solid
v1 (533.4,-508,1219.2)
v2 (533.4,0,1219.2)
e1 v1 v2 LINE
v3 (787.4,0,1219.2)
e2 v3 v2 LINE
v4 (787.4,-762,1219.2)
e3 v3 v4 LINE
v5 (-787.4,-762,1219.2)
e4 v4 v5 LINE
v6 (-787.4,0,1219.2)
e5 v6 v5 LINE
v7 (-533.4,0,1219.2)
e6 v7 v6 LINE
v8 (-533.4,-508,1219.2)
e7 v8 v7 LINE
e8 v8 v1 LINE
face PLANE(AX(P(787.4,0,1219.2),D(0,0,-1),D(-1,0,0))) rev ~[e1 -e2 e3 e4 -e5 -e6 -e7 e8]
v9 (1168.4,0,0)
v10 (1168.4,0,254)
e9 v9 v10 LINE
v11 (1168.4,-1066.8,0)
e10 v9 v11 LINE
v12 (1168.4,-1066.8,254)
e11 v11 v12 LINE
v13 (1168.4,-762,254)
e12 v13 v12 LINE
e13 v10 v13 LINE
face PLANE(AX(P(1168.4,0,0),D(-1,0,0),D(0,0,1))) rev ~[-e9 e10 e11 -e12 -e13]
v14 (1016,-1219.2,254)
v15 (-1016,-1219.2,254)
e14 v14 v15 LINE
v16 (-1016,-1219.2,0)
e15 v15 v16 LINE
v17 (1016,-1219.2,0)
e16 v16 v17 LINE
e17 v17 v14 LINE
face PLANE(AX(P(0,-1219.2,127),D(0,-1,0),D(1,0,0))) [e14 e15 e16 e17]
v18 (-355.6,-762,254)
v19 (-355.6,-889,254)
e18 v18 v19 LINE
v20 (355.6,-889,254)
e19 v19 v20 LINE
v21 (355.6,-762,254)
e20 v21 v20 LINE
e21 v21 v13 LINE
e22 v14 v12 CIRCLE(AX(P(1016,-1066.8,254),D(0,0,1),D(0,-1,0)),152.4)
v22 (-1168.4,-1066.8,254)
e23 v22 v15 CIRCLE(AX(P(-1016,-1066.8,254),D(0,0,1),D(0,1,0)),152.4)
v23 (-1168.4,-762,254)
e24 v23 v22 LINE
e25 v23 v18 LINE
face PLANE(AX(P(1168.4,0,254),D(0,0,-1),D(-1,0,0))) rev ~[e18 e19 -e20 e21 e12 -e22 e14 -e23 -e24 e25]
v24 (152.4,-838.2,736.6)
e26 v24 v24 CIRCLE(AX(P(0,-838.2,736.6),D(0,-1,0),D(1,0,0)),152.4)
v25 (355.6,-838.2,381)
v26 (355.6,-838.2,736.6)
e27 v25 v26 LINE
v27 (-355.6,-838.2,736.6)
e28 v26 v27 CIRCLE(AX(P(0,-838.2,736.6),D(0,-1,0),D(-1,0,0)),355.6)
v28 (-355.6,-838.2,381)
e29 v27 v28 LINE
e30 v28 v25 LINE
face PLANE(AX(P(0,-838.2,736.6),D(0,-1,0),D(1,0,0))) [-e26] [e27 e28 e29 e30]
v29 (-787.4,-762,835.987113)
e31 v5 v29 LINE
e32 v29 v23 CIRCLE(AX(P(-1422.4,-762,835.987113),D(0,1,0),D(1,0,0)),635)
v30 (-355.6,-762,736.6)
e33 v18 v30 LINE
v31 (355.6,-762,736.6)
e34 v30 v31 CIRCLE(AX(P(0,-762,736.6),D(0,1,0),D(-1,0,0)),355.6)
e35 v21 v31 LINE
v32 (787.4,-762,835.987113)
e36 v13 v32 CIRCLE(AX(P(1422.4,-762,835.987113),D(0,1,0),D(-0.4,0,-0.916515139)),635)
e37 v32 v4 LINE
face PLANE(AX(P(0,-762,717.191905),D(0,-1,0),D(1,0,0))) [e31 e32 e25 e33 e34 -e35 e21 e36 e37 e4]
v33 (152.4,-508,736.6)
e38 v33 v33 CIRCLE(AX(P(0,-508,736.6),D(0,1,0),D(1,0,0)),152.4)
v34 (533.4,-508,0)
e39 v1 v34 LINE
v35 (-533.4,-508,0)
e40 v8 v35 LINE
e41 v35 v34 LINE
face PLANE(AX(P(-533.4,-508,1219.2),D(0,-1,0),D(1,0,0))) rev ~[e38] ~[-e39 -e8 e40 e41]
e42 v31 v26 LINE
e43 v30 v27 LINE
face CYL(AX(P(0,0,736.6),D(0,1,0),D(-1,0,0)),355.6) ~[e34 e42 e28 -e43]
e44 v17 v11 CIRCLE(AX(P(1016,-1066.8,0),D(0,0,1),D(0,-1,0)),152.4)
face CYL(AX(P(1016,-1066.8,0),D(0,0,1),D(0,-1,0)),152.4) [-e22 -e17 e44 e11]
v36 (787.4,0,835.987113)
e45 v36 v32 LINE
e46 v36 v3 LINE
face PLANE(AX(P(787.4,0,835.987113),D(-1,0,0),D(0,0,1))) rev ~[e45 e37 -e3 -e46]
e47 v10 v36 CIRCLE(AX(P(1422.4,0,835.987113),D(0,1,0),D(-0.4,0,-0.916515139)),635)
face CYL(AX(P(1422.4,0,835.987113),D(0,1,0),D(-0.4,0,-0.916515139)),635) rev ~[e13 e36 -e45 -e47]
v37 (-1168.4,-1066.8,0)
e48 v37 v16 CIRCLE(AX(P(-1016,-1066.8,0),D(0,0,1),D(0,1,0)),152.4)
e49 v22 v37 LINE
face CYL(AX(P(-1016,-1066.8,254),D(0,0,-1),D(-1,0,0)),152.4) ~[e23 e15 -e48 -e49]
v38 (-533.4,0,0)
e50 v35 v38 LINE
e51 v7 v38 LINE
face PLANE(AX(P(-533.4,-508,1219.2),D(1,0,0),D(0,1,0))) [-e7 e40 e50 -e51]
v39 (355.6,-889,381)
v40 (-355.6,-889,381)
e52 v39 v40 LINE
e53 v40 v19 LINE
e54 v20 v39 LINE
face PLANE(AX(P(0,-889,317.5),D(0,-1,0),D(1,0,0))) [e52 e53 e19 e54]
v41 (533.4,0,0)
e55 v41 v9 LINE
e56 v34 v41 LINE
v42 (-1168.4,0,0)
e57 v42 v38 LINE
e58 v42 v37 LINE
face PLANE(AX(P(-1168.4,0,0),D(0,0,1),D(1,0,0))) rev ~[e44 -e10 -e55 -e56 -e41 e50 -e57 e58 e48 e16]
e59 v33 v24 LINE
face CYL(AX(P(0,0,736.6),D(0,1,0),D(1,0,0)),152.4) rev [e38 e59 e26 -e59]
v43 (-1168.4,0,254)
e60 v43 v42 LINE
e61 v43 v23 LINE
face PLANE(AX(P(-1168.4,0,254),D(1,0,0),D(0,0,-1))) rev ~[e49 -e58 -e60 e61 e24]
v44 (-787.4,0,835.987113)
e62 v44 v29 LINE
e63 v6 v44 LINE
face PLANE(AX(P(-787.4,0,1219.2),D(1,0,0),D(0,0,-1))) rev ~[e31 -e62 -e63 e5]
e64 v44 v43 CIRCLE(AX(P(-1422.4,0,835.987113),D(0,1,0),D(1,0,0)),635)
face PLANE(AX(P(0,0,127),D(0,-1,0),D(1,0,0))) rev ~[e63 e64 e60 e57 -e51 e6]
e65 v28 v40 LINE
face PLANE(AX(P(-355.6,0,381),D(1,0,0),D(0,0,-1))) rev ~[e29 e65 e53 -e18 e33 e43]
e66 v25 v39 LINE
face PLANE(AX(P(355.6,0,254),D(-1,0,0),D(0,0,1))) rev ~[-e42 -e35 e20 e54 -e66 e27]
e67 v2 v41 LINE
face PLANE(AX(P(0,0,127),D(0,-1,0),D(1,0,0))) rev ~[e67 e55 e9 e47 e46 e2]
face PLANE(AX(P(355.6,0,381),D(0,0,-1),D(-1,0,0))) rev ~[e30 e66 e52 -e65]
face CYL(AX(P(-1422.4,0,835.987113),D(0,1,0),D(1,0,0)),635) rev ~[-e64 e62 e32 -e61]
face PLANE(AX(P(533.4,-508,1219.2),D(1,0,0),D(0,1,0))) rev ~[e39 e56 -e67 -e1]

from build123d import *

# Parameters (mm, degrees)
F2_DEPTH = 762
F3_DEPTH = 1219.2
F1_R     = 152.4
F4_DEPTH = 838.2
F5_DEPTH = 889
F6_W     = 1066.8
F6_H     = 508
F7_DEPTH = 2270.76
F8_R     = 152.4


with BuildPart() as f2:
    # F1 (on Front) → F2 (new body)
    with BuildSketch(Plane.XZ):
        with BuildLine():
            Line((355.6, 254), (1168.4, 254))
            ThreePointArc((1168.4, 254), (891.1208831509, 488.1832892436), (787.4, 835.9871132594))
            Line((787.4, 835.9871132594), (787.4, 1219.2))
            Line((787.4, 1219.2), (0, 1219.2))
            Line((0, 1219.2), (-787.4, 1219.2))
            Line((-787.4, 1219.2), (-787.4, 835.9871132594))
            ThreePointArc((-787.4, 835.9871132594), (-891.1208831509, 488.1832892436), (-1168.4, 254))
            Line((-1168.4, 254), (-355.6, 254))
            Line((-355.6, 254), (-355.6, 381))
            Line((-355.6, 381), (-355.6, 736.6))
            ThreePointArc((-355.6, 736.6), (0, 1092.2), (355.6, 736.6))
            Line((355.6, 736.6), (355.6, 381))
            Line((355.6, 381), (355.6, 254))
        make_face()
    extrude(amount=F2_DEPTH)

    # F1 (on Front) → F3 (join)
    with BuildSketch(Plane.XZ):
        Polygon((-1168.4, 0), (0, 0), (1168.4, 0), (1168.4, 254), (355.6, 254), (0, 254), (-355.6, 254), (-1168.4, 254), align=None)
    extrude(amount=F3_DEPTH)

    # F1 (on Front) → F4 (join)
    with BuildSketch(Plane.XZ):
        with BuildLine():
            ThreePointArc((1.7647e-06, 381), (251.4471720139, 485.152829234), (355.6, 736.6))
            ThreePointArc((355.6, 736.6), (0, 1092.2), (-355.6, 736.6))
            ThreePointArc((-355.6, 736.6), (-251.447170766, 485.1528279861), (1.7647e-06, 381))
        make_face()
        with Locations((0, 736.6)):
            Circle(F1_R, mode=Mode.SUBTRACT)
        with BuildLine():
            Line((-355.6, 736.6), (-355.6, 381))
            Line((-355.6, 381), (1.7647e-06, 381))
            ThreePointArc((1.7647e-06, 381), (-251.447170766, 485.1528279861), (-355.6, 736.6))
        make_face()
        with BuildLine():
            Line((1.7647e-06, 381), (355.6, 381))
            Line((355.6, 381), (355.6, 736.6))
            ThreePointArc((355.6, 736.6), (251.4471720139, 485.152829234), (1.7647e-06, 381))
        make_face()
    extrude(amount=F4_DEPTH)

    # F1 (on Front) → F5 (join)
    with BuildSketch(Plane.XZ):
        Polygon((0, 254), (355.6, 254), (355.6, 381), (1.7647e-06, 381), (-355.6, 381), (-355.6, 254), align=None)
    extrude(amount=F5_DEPTH)

    # F6 (on face) → F7 (cut)
    with BuildSketch(Plane.XY.offset(1219.2)):
        with Locations((0, -254)):
            Rectangle(F6_W, F6_H)
    extrude(amount=-F7_DEPTH, mode=Mode.SUBTRACT)

    # F8
    f8_edges = [f2.edges().sort_by_distance(p)[0] for p in [
        (1168.4, -1219.2, 127),
        (-1168.4, -1219.2, 127),
    ]]
    fillet(f8_edges, radius=F8_R)


solid = f2.part
